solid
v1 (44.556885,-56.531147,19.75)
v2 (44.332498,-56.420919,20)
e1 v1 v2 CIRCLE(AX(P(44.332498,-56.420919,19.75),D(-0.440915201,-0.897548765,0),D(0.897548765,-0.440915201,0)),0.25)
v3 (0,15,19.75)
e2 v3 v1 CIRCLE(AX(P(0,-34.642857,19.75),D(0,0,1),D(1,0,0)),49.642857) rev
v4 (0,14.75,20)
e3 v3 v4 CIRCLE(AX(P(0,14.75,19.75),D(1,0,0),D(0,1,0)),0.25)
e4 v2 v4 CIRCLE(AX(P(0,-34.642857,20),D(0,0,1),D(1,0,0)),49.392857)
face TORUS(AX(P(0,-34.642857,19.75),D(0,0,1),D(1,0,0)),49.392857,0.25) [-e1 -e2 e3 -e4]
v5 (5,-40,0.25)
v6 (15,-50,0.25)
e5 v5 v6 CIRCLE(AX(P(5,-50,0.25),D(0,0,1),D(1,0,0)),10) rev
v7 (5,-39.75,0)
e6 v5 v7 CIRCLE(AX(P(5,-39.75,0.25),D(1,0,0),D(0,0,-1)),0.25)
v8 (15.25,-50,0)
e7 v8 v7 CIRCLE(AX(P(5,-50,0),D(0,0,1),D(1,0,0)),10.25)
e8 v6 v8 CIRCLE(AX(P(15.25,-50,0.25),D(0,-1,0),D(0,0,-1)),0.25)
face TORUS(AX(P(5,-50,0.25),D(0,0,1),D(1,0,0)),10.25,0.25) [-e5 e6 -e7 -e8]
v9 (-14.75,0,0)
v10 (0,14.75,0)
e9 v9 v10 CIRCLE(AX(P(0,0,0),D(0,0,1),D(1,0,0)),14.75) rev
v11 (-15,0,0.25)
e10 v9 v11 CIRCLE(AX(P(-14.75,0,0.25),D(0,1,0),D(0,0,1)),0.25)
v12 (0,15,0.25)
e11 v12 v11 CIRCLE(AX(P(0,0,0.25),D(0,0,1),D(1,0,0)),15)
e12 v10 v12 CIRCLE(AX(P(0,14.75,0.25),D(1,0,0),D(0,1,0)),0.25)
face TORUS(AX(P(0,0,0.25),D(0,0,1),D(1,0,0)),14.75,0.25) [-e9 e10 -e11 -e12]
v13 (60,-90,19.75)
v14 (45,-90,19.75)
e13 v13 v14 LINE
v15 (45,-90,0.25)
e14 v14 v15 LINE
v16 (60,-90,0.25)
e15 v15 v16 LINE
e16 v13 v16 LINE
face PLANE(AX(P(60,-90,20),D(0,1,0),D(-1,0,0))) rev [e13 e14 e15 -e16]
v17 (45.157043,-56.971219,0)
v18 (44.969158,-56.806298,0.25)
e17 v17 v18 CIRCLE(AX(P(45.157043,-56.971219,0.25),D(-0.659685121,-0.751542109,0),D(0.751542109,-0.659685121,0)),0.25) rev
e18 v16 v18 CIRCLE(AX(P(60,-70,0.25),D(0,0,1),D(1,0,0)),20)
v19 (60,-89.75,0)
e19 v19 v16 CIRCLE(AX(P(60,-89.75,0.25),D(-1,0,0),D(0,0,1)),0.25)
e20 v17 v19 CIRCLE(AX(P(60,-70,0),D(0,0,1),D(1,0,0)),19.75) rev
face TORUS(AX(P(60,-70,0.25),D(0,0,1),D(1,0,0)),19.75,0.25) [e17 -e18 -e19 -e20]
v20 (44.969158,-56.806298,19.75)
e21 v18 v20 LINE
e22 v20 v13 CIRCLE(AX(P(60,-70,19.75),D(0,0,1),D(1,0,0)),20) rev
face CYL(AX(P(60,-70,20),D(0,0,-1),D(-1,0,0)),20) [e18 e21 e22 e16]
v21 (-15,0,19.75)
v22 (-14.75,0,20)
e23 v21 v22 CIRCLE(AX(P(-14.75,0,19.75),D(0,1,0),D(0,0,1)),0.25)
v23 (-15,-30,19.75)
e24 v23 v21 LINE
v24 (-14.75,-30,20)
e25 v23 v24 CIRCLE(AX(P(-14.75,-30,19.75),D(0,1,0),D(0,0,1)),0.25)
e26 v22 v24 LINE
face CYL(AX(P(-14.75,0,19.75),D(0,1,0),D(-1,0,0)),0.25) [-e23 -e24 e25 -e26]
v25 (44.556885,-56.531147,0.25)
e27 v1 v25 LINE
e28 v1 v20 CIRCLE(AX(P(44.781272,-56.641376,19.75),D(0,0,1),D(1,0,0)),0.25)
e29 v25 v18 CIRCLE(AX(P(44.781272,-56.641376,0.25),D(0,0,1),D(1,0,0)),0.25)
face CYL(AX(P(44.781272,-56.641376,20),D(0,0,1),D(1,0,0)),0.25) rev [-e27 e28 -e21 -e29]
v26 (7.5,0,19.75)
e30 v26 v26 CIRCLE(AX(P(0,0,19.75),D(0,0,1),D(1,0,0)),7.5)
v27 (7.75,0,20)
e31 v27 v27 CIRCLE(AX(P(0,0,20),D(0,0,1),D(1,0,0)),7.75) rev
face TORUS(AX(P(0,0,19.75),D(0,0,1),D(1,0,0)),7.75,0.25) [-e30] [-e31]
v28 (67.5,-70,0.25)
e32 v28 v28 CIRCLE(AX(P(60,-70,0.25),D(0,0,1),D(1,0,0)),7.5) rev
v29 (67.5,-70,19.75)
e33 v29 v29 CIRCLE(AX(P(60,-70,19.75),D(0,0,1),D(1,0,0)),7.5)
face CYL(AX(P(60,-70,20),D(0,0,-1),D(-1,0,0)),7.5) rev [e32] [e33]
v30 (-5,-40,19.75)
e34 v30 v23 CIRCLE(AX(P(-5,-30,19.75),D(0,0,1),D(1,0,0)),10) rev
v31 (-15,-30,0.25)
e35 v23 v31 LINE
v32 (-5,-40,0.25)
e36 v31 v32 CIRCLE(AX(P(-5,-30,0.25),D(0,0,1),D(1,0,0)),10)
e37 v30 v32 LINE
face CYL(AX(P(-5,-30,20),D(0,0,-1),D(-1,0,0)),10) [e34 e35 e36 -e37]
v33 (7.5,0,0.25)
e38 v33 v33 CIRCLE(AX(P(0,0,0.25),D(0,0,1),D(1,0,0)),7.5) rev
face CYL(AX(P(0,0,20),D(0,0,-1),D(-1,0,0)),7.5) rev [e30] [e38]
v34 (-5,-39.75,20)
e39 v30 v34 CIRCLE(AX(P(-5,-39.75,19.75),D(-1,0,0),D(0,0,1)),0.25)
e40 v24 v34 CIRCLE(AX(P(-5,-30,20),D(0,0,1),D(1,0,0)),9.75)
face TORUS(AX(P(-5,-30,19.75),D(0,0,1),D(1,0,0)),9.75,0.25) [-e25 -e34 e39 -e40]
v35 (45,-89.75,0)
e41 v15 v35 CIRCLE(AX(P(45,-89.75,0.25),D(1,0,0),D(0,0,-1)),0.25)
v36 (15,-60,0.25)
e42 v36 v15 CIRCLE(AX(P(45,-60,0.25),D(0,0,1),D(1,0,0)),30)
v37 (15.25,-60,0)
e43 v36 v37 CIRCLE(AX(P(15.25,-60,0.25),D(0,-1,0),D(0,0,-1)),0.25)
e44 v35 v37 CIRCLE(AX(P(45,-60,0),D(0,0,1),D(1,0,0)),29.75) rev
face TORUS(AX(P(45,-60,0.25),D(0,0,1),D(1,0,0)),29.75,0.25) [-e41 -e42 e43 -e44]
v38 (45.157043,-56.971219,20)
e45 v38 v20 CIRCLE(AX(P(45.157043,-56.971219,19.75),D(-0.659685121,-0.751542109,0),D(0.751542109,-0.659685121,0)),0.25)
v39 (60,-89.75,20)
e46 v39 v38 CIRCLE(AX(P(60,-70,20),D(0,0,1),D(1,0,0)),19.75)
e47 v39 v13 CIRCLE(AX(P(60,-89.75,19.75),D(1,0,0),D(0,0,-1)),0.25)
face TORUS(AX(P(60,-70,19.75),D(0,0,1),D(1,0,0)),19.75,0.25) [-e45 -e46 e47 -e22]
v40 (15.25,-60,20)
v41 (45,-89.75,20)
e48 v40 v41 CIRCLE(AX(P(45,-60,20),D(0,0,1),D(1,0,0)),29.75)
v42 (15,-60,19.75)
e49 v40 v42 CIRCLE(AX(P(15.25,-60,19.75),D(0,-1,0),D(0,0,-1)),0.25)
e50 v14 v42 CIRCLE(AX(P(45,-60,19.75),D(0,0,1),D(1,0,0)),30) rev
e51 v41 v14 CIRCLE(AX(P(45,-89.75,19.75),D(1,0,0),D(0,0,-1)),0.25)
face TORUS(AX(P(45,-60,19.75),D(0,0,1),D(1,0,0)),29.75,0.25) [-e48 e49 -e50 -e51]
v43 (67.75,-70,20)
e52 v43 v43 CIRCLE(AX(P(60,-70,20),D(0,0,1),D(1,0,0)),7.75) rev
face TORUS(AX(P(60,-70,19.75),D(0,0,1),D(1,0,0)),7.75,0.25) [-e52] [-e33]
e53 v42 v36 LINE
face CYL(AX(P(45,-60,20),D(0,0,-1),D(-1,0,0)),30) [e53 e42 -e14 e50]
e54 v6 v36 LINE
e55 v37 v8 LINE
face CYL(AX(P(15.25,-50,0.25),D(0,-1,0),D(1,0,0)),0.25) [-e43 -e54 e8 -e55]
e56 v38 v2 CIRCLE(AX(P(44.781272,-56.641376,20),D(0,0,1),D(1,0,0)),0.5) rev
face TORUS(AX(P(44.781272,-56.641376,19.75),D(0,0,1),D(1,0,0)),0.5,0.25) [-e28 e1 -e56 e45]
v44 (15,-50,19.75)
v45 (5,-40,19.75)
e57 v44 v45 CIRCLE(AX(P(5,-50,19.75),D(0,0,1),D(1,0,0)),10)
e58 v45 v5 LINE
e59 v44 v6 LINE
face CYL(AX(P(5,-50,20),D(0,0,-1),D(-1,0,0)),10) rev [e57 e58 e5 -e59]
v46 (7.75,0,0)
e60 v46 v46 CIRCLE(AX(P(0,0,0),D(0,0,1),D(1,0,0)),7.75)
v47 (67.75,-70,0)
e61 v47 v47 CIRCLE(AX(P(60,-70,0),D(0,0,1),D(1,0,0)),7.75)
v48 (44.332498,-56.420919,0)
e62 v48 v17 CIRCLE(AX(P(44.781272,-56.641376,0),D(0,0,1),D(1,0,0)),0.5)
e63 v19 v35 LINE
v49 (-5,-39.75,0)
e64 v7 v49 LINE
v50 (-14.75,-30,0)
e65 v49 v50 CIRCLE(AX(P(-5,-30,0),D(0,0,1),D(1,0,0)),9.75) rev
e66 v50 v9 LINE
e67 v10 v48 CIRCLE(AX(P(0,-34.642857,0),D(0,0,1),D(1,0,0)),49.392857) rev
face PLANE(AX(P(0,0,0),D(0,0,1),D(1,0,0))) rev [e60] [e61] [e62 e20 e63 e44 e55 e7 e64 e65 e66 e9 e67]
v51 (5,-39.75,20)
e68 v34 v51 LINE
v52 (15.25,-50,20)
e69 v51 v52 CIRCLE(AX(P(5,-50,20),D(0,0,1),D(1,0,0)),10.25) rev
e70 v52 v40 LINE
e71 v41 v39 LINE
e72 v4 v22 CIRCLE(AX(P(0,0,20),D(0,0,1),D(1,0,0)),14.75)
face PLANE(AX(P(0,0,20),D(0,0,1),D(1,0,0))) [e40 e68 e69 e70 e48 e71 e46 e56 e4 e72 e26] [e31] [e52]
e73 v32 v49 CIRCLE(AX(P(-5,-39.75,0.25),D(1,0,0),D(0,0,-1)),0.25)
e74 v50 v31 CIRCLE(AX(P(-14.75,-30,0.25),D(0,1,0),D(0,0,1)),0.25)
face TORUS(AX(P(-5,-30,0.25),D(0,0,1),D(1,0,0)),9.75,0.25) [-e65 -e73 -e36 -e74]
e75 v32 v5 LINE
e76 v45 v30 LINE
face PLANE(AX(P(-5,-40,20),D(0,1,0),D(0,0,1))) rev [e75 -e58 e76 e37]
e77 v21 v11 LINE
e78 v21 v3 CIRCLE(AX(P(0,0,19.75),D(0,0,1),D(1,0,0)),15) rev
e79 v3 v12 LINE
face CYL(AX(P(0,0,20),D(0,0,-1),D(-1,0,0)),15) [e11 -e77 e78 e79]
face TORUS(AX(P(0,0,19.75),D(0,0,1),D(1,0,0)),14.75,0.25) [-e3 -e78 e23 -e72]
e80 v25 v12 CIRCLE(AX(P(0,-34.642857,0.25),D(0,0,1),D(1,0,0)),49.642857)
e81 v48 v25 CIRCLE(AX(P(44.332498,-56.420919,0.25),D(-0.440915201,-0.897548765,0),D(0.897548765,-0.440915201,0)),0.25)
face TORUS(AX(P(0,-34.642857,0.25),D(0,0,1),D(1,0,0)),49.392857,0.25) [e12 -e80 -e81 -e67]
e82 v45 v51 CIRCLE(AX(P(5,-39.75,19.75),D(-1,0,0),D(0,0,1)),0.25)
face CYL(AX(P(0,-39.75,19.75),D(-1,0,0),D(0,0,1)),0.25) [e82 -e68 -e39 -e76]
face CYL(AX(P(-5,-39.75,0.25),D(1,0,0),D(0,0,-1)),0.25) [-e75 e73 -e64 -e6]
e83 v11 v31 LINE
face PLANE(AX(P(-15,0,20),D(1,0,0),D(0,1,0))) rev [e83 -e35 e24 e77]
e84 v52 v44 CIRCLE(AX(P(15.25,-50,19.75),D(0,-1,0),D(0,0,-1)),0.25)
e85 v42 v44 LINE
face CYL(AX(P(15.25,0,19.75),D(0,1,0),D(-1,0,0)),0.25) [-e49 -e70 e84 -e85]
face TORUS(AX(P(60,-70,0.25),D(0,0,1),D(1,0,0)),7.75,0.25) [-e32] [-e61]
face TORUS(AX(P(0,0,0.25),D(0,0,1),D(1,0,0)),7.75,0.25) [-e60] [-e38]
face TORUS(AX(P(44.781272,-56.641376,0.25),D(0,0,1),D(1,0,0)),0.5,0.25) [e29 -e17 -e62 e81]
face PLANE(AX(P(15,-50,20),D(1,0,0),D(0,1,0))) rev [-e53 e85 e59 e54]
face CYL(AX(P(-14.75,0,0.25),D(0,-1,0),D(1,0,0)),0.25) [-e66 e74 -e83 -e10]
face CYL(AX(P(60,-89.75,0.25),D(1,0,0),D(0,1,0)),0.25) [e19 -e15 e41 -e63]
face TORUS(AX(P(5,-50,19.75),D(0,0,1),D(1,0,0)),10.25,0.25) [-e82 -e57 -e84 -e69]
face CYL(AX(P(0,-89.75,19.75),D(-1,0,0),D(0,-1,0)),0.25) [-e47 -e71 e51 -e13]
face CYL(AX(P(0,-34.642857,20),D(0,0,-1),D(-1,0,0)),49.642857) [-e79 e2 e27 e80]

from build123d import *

# Parameters (mm, degrees)
SKETCH1_R           = 7.5
BOSS_EXTRUDE1_DEPTH = 20
FILLET1_R           = 0.25


with BuildPart() as part:
    # Sketch1 → Boss-Extrude1 (new body)
    with BuildSketch(Plane.XY):
        with BuildLine():
            Line((-15, 0), (-15, -30))
            ThreePointArc((-15, -30), (-12.071067812, -37.071067812), (-5, -40))
            Line((-5, -40), (5, -40))
            ThreePointArc((5, -40), (12.071067812, -42.928932188), (15, -50))
            Line((15, -50), (15, -60))
            ThreePointArc((15, -60), (23.786796564, -81.213203436), (45, -90))
            Line((45, -90), (60, -90))
            ThreePointArc((60, -90), (77.364862842, -60.077221233), (42.769230769, -59.846153846))
            ThreePointArc((42.769230769, -59.846153846), (43.10207027, -10.013102703), (0, 15))
            ThreePointArc((0, 15), (-10.606601718, 10.606601718), (-15, 0))
        make_face()
        Circle(SKETCH1_R, mode=Mode.SUBTRACT)
        with Locations((60, -70)):
            Circle(SKETCH1_R, mode=Mode.SUBTRACT)
    extrude(amount=BOSS_EXTRUDE1_DEPTH)

    # Fillet1
    fillet1_edges = [part.edges().sort_by_distance(p)[0] for p in [
        (43.10207027, -10.013102703, 0),
        (77.364862842, -60.077221233, 0),
        (52.5, -90, 0),
        (23.786796564, -81.213203436, 0),
        (15, -55, 0),
        (12.071067812, -42.928932188, 0),
        (0, -40, 0),
        (-12.071067812, -37.071067812, 20),
        (-12.071067812, -37.071067812, 0),
        (-15, -15, 0),
        (-10.606601718, 10.606601718, 0),
        (0, -40, 20),
        (42.769230769, -59.846153846, 10),
        (12.071067812, -42.928932188, 20),
        (15, -55, 20),
        (-7.5, 0, 0),
        (-7.5, 0, 20),
        (23.786796564, -81.213203436, 20),
        (52.5, -70, 0),
        (52.5, -70, 20),
        (52.5, -90, 20),
        (77.364862842, -60.077221233, 20),
        (43.10207027, -10.013102703, 20),
        (-10.606601718, 10.606601718, 20),
        (-15, -15, 20),
    ]]
    fillet(fillet1_edges, radius=FILLET1_R)


solid = part.part
